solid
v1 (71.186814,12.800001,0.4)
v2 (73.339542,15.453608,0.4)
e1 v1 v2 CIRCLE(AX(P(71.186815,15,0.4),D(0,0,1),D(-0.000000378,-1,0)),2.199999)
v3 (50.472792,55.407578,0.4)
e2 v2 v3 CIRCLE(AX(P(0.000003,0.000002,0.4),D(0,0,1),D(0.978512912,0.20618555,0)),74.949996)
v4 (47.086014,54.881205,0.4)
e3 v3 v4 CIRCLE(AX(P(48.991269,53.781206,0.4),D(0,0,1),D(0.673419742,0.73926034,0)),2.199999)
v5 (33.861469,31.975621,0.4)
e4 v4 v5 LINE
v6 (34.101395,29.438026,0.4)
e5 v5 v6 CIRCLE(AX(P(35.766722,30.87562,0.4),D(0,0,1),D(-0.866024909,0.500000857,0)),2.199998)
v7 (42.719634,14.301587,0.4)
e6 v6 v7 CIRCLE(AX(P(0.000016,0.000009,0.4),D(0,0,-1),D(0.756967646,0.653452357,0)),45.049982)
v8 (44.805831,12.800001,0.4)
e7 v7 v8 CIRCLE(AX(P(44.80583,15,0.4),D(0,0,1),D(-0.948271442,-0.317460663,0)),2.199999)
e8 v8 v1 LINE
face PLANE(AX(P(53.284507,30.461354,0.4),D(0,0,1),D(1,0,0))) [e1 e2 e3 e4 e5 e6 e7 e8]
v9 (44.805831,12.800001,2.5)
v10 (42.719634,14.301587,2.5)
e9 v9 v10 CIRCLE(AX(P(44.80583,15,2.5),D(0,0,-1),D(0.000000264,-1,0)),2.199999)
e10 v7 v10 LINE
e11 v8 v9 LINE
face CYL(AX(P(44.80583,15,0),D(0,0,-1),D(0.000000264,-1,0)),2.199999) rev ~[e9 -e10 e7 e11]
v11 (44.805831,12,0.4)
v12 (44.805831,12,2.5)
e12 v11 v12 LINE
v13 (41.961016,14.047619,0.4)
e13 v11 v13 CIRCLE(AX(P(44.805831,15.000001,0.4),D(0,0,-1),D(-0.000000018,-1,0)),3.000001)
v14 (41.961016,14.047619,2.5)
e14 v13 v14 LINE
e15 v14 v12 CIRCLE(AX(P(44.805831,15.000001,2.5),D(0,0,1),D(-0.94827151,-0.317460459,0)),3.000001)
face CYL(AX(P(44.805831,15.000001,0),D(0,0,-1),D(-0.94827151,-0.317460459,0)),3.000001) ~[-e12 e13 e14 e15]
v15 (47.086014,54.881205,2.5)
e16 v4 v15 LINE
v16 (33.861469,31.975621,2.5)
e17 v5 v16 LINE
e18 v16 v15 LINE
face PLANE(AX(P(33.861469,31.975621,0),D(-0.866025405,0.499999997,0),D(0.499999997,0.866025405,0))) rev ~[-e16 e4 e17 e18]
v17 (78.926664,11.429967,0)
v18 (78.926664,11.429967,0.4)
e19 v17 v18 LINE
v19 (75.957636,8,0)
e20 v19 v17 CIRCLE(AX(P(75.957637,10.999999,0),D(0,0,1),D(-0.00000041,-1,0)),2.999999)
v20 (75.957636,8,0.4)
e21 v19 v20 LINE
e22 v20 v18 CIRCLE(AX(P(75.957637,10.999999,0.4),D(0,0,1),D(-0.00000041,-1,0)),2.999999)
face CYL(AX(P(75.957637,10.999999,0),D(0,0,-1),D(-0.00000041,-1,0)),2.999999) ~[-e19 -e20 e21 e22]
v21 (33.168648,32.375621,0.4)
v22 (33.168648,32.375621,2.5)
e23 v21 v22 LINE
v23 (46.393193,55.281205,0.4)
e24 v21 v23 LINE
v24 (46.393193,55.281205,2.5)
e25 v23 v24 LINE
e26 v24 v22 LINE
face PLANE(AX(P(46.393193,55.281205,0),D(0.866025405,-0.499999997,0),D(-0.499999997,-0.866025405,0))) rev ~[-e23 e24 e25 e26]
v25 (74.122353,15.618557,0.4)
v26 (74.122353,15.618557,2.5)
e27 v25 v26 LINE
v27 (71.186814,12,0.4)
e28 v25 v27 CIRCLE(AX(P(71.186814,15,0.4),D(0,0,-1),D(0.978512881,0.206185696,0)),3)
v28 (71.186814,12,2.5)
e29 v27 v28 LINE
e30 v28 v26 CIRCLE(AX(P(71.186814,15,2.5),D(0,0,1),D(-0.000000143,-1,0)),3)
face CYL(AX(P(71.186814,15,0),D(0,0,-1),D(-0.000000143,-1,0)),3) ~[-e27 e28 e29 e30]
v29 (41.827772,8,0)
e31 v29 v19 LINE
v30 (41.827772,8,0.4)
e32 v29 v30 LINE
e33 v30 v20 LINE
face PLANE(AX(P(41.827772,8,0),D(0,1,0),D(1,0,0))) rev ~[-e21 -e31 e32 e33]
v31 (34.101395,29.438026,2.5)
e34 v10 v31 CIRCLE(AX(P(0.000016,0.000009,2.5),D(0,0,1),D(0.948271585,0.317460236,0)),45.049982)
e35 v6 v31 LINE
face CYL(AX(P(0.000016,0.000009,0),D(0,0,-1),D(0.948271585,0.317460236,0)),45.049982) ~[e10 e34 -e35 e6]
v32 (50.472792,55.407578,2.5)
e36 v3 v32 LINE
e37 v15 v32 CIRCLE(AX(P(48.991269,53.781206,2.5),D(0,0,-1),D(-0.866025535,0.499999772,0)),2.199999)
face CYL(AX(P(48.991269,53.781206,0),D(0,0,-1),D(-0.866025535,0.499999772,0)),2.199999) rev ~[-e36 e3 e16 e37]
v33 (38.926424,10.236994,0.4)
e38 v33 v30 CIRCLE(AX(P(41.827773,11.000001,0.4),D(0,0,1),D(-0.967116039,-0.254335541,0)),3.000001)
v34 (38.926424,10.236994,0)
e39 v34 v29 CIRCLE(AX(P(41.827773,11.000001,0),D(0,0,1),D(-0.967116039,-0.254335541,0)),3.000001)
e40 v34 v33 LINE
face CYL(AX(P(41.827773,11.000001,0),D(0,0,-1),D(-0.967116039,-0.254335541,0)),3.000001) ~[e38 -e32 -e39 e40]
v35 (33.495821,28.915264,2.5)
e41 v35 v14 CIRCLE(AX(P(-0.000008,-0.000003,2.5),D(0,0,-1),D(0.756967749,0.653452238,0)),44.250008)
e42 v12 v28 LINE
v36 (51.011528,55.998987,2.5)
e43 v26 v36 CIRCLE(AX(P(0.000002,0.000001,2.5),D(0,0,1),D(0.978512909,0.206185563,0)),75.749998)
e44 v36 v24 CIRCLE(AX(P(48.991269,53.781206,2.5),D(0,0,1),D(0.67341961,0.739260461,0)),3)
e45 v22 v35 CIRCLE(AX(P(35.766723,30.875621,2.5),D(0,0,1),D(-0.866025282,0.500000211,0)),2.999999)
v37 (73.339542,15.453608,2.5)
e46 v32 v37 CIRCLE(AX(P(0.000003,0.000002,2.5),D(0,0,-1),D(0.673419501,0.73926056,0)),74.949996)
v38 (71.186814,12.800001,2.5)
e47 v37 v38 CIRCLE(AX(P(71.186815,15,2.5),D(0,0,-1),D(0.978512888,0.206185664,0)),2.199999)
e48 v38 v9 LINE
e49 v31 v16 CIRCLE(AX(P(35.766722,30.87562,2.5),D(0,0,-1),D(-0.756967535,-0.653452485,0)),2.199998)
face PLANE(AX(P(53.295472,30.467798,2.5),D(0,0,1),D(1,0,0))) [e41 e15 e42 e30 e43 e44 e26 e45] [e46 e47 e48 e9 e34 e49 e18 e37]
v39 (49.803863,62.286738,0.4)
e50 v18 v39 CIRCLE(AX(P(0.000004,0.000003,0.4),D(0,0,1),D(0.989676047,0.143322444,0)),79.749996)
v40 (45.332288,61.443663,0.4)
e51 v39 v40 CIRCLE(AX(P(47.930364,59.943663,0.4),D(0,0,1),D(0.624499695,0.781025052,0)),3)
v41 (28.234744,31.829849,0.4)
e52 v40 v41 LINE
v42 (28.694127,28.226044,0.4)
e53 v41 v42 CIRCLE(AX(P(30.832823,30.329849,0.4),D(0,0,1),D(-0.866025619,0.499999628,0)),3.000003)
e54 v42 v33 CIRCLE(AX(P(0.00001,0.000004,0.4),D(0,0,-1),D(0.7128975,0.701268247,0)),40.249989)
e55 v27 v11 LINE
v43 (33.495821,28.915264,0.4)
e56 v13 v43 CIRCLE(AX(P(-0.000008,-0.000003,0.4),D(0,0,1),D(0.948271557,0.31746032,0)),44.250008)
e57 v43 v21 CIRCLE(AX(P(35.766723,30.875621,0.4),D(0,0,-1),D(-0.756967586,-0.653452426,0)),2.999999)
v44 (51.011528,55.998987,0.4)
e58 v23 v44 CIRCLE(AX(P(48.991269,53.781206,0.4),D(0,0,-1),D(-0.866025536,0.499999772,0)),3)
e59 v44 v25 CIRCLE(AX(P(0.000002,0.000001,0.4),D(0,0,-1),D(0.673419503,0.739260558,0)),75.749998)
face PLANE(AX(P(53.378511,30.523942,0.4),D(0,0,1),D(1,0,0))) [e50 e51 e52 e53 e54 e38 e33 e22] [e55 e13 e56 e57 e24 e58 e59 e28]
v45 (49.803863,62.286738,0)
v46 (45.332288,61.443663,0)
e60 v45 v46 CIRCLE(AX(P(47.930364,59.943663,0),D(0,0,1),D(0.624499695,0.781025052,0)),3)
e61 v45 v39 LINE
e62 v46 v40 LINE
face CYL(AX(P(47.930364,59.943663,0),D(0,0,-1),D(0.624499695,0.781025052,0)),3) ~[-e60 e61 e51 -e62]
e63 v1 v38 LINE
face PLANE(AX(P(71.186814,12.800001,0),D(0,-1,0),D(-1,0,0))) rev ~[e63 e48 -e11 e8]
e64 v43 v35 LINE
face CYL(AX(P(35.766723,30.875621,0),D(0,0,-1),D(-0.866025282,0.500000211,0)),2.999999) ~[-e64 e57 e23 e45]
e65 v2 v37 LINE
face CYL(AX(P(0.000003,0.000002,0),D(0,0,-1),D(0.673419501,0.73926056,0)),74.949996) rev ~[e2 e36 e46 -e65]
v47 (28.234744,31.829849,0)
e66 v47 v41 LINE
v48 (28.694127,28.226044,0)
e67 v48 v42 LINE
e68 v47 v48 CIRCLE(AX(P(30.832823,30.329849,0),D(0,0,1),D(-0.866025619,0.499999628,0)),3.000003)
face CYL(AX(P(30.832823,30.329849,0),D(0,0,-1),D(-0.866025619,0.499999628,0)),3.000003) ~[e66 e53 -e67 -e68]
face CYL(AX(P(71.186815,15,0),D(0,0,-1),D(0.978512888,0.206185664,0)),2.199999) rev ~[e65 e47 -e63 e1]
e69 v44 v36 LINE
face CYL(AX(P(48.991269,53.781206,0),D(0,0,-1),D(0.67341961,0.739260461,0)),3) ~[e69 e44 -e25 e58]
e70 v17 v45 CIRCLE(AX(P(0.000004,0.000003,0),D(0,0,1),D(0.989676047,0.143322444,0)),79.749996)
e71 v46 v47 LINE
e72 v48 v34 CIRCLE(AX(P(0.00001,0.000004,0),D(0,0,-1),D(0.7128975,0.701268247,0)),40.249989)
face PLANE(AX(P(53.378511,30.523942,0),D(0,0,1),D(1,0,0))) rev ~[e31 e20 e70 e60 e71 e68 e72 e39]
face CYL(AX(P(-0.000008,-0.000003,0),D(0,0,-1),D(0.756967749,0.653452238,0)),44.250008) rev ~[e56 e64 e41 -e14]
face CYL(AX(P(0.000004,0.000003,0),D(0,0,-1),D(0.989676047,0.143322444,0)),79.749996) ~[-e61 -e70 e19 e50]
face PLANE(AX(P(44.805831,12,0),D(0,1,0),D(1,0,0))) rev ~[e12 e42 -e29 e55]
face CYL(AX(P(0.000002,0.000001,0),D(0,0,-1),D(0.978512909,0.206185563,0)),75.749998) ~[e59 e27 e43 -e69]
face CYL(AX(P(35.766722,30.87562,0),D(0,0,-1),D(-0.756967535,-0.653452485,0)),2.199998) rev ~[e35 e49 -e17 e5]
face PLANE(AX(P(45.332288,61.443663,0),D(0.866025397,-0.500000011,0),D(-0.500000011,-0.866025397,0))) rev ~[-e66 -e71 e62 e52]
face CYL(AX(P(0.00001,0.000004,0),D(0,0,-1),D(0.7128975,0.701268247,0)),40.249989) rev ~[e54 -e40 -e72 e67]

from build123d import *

# Parameters (mm, degrees)
F1_DEPTH = 2.5
F2_DEPTH = 0.4


with BuildPart() as f1:
    # F0 (on Top) → F1 (new body)
    with BuildSketch(Plane.XY):
        with BuildLine():
            ThreePointArc((71.186814, 12), (73.516586, 13.109983), (74.122353, 15.618557))
            ThreePointArc((74.122353, 15.618557), (65.743949, 37.627061), (51.011528, 55.998987))
            ThreePointArc((51.011528, 55.998987), (48.530541, 56.745616), (46.393193, 55.281205))
            Line((46.393193, 55.281205), (33.168648, 32.375621))
            ThreePointArc((33.168648, 32.375621), (32.780044, 30.593233), (33.495821, 28.915264))
            ThreePointArc((33.495821, 28.915264), (38.453807, 21.894456), (41.961016, 14.047619))
            ThreePointArc((41.961016, 14.047619), (43.053282, 12.565134), (44.805831, 12))
            Line((44.805831, 12), (71.186814, 12))
        make_face()
        with BuildLine():
            ThreePointArc((34.101395, 29.438026), (33.576492, 30.668537), (33.861469, 31.975621))
            Line((33.861469, 31.975621), (47.086014, 54.881205))
            ThreePointArc((47.086014, 54.881205), (48.653402, 55.955106), (50.472792, 55.407578))
            ThreePointArc((50.472792, 55.407578), (65.049623, 37.229679), (73.339542, 15.453608))
            ThreePointArc((73.339542, 15.453608), (72.895313, 13.613988), (71.186814, 12.800001))
            Line((71.186814, 12.800001), (44.805831, 12.800001))
            ThreePointArc((44.805831, 12.800001), (43.520629, 13.214432), (42.719634, 14.301587))
            ThreePointArc((42.719634, 14.301587), (39.149018, 22.290288), (34.101395, 29.438026))
        make_face(mode=Mode.SUBTRACT)
    extrude(amount=F1_DEPTH)

    # F0 (on Top) → F2 (join)
    with BuildSketch(Plane.XY):
        with BuildLine():
            ThreePointArc((75.957636, 8), (78.225885, 9.036572), (78.926664, 11.429967))
            ThreePointArc((78.926664, 11.429967), (69.206141, 39.63045), (49.803863, 62.286738))
            ThreePointArc((49.803863, 62.286738), (47.374534, 62.891722), (45.332288, 61.443663))
            Line((45.332288, 61.443663), (28.234744, 31.829849))
            ThreePointArc((28.234744, 31.829849), (27.856901, 29.950503), (28.694127, 28.226044))
            ThreePointArc((28.694127, 28.226044), (34.986229, 19.90041), (38.926424, 10.236994))
            ThreePointArc((38.926424, 10.236994), (39.995972, 8.624183), (41.827772, 8))
            Line((41.827772, 8), (75.957636, 8))
        make_face()
        with BuildLine():
            ThreePointArc((51.011528, 55.998987), (65.743949, 37.627061), (74.122353, 15.618557))
            ThreePointArc((74.122353, 15.618557), (73.516586, 13.109983), (71.186814, 12))
            Line((71.186814, 12), (44.805831, 12))
            ThreePointArc((44.805831, 12), (43.053282, 12.565134), (41.961016, 14.047619))
            ThreePointArc((41.961016, 14.047619), (38.453807, 21.894456), (33.495821, 28.915264))
            ThreePointArc((33.495821, 28.915264), (32.780044, 30.593233), (33.168648, 32.375621))
            Line((33.168648, 32.375621), (46.393193, 55.281205))
            ThreePointArc((46.393193, 55.281205), (48.530541, 56.745616), (51.011528, 55.998987))
        make_face(mode=Mode.SUBTRACT)
        with BuildLine():
            Line((47.086014, 54.881205), (33.861469, 31.975621))
            ThreePointArc((33.861469, 31.975621), (33.576492, 30.668537), (34.101395, 29.438026))
            ThreePointArc((34.101395, 29.438026), (39.149018, 22.290288), (42.719634, 14.301587))
            ThreePointArc((42.719634, 14.301587), (43.520629, 13.214432), (44.805831, 12.800001))
            Line((44.805831, 12.800001), (71.186814, 12.800001))
            ThreePointArc((71.186814, 12.800001), (72.895313, 13.613988), (73.339542, 15.453608))
            ThreePointArc((73.339542, 15.453608), (65.049623, 37.229679), (50.472792, 55.407578))
            ThreePointArc((50.472792, 55.407578), (48.653402, 55.955106), (47.086014, 54.881205))
        make_face()
    extrude(amount=F2_DEPTH)


solid = f1.part
